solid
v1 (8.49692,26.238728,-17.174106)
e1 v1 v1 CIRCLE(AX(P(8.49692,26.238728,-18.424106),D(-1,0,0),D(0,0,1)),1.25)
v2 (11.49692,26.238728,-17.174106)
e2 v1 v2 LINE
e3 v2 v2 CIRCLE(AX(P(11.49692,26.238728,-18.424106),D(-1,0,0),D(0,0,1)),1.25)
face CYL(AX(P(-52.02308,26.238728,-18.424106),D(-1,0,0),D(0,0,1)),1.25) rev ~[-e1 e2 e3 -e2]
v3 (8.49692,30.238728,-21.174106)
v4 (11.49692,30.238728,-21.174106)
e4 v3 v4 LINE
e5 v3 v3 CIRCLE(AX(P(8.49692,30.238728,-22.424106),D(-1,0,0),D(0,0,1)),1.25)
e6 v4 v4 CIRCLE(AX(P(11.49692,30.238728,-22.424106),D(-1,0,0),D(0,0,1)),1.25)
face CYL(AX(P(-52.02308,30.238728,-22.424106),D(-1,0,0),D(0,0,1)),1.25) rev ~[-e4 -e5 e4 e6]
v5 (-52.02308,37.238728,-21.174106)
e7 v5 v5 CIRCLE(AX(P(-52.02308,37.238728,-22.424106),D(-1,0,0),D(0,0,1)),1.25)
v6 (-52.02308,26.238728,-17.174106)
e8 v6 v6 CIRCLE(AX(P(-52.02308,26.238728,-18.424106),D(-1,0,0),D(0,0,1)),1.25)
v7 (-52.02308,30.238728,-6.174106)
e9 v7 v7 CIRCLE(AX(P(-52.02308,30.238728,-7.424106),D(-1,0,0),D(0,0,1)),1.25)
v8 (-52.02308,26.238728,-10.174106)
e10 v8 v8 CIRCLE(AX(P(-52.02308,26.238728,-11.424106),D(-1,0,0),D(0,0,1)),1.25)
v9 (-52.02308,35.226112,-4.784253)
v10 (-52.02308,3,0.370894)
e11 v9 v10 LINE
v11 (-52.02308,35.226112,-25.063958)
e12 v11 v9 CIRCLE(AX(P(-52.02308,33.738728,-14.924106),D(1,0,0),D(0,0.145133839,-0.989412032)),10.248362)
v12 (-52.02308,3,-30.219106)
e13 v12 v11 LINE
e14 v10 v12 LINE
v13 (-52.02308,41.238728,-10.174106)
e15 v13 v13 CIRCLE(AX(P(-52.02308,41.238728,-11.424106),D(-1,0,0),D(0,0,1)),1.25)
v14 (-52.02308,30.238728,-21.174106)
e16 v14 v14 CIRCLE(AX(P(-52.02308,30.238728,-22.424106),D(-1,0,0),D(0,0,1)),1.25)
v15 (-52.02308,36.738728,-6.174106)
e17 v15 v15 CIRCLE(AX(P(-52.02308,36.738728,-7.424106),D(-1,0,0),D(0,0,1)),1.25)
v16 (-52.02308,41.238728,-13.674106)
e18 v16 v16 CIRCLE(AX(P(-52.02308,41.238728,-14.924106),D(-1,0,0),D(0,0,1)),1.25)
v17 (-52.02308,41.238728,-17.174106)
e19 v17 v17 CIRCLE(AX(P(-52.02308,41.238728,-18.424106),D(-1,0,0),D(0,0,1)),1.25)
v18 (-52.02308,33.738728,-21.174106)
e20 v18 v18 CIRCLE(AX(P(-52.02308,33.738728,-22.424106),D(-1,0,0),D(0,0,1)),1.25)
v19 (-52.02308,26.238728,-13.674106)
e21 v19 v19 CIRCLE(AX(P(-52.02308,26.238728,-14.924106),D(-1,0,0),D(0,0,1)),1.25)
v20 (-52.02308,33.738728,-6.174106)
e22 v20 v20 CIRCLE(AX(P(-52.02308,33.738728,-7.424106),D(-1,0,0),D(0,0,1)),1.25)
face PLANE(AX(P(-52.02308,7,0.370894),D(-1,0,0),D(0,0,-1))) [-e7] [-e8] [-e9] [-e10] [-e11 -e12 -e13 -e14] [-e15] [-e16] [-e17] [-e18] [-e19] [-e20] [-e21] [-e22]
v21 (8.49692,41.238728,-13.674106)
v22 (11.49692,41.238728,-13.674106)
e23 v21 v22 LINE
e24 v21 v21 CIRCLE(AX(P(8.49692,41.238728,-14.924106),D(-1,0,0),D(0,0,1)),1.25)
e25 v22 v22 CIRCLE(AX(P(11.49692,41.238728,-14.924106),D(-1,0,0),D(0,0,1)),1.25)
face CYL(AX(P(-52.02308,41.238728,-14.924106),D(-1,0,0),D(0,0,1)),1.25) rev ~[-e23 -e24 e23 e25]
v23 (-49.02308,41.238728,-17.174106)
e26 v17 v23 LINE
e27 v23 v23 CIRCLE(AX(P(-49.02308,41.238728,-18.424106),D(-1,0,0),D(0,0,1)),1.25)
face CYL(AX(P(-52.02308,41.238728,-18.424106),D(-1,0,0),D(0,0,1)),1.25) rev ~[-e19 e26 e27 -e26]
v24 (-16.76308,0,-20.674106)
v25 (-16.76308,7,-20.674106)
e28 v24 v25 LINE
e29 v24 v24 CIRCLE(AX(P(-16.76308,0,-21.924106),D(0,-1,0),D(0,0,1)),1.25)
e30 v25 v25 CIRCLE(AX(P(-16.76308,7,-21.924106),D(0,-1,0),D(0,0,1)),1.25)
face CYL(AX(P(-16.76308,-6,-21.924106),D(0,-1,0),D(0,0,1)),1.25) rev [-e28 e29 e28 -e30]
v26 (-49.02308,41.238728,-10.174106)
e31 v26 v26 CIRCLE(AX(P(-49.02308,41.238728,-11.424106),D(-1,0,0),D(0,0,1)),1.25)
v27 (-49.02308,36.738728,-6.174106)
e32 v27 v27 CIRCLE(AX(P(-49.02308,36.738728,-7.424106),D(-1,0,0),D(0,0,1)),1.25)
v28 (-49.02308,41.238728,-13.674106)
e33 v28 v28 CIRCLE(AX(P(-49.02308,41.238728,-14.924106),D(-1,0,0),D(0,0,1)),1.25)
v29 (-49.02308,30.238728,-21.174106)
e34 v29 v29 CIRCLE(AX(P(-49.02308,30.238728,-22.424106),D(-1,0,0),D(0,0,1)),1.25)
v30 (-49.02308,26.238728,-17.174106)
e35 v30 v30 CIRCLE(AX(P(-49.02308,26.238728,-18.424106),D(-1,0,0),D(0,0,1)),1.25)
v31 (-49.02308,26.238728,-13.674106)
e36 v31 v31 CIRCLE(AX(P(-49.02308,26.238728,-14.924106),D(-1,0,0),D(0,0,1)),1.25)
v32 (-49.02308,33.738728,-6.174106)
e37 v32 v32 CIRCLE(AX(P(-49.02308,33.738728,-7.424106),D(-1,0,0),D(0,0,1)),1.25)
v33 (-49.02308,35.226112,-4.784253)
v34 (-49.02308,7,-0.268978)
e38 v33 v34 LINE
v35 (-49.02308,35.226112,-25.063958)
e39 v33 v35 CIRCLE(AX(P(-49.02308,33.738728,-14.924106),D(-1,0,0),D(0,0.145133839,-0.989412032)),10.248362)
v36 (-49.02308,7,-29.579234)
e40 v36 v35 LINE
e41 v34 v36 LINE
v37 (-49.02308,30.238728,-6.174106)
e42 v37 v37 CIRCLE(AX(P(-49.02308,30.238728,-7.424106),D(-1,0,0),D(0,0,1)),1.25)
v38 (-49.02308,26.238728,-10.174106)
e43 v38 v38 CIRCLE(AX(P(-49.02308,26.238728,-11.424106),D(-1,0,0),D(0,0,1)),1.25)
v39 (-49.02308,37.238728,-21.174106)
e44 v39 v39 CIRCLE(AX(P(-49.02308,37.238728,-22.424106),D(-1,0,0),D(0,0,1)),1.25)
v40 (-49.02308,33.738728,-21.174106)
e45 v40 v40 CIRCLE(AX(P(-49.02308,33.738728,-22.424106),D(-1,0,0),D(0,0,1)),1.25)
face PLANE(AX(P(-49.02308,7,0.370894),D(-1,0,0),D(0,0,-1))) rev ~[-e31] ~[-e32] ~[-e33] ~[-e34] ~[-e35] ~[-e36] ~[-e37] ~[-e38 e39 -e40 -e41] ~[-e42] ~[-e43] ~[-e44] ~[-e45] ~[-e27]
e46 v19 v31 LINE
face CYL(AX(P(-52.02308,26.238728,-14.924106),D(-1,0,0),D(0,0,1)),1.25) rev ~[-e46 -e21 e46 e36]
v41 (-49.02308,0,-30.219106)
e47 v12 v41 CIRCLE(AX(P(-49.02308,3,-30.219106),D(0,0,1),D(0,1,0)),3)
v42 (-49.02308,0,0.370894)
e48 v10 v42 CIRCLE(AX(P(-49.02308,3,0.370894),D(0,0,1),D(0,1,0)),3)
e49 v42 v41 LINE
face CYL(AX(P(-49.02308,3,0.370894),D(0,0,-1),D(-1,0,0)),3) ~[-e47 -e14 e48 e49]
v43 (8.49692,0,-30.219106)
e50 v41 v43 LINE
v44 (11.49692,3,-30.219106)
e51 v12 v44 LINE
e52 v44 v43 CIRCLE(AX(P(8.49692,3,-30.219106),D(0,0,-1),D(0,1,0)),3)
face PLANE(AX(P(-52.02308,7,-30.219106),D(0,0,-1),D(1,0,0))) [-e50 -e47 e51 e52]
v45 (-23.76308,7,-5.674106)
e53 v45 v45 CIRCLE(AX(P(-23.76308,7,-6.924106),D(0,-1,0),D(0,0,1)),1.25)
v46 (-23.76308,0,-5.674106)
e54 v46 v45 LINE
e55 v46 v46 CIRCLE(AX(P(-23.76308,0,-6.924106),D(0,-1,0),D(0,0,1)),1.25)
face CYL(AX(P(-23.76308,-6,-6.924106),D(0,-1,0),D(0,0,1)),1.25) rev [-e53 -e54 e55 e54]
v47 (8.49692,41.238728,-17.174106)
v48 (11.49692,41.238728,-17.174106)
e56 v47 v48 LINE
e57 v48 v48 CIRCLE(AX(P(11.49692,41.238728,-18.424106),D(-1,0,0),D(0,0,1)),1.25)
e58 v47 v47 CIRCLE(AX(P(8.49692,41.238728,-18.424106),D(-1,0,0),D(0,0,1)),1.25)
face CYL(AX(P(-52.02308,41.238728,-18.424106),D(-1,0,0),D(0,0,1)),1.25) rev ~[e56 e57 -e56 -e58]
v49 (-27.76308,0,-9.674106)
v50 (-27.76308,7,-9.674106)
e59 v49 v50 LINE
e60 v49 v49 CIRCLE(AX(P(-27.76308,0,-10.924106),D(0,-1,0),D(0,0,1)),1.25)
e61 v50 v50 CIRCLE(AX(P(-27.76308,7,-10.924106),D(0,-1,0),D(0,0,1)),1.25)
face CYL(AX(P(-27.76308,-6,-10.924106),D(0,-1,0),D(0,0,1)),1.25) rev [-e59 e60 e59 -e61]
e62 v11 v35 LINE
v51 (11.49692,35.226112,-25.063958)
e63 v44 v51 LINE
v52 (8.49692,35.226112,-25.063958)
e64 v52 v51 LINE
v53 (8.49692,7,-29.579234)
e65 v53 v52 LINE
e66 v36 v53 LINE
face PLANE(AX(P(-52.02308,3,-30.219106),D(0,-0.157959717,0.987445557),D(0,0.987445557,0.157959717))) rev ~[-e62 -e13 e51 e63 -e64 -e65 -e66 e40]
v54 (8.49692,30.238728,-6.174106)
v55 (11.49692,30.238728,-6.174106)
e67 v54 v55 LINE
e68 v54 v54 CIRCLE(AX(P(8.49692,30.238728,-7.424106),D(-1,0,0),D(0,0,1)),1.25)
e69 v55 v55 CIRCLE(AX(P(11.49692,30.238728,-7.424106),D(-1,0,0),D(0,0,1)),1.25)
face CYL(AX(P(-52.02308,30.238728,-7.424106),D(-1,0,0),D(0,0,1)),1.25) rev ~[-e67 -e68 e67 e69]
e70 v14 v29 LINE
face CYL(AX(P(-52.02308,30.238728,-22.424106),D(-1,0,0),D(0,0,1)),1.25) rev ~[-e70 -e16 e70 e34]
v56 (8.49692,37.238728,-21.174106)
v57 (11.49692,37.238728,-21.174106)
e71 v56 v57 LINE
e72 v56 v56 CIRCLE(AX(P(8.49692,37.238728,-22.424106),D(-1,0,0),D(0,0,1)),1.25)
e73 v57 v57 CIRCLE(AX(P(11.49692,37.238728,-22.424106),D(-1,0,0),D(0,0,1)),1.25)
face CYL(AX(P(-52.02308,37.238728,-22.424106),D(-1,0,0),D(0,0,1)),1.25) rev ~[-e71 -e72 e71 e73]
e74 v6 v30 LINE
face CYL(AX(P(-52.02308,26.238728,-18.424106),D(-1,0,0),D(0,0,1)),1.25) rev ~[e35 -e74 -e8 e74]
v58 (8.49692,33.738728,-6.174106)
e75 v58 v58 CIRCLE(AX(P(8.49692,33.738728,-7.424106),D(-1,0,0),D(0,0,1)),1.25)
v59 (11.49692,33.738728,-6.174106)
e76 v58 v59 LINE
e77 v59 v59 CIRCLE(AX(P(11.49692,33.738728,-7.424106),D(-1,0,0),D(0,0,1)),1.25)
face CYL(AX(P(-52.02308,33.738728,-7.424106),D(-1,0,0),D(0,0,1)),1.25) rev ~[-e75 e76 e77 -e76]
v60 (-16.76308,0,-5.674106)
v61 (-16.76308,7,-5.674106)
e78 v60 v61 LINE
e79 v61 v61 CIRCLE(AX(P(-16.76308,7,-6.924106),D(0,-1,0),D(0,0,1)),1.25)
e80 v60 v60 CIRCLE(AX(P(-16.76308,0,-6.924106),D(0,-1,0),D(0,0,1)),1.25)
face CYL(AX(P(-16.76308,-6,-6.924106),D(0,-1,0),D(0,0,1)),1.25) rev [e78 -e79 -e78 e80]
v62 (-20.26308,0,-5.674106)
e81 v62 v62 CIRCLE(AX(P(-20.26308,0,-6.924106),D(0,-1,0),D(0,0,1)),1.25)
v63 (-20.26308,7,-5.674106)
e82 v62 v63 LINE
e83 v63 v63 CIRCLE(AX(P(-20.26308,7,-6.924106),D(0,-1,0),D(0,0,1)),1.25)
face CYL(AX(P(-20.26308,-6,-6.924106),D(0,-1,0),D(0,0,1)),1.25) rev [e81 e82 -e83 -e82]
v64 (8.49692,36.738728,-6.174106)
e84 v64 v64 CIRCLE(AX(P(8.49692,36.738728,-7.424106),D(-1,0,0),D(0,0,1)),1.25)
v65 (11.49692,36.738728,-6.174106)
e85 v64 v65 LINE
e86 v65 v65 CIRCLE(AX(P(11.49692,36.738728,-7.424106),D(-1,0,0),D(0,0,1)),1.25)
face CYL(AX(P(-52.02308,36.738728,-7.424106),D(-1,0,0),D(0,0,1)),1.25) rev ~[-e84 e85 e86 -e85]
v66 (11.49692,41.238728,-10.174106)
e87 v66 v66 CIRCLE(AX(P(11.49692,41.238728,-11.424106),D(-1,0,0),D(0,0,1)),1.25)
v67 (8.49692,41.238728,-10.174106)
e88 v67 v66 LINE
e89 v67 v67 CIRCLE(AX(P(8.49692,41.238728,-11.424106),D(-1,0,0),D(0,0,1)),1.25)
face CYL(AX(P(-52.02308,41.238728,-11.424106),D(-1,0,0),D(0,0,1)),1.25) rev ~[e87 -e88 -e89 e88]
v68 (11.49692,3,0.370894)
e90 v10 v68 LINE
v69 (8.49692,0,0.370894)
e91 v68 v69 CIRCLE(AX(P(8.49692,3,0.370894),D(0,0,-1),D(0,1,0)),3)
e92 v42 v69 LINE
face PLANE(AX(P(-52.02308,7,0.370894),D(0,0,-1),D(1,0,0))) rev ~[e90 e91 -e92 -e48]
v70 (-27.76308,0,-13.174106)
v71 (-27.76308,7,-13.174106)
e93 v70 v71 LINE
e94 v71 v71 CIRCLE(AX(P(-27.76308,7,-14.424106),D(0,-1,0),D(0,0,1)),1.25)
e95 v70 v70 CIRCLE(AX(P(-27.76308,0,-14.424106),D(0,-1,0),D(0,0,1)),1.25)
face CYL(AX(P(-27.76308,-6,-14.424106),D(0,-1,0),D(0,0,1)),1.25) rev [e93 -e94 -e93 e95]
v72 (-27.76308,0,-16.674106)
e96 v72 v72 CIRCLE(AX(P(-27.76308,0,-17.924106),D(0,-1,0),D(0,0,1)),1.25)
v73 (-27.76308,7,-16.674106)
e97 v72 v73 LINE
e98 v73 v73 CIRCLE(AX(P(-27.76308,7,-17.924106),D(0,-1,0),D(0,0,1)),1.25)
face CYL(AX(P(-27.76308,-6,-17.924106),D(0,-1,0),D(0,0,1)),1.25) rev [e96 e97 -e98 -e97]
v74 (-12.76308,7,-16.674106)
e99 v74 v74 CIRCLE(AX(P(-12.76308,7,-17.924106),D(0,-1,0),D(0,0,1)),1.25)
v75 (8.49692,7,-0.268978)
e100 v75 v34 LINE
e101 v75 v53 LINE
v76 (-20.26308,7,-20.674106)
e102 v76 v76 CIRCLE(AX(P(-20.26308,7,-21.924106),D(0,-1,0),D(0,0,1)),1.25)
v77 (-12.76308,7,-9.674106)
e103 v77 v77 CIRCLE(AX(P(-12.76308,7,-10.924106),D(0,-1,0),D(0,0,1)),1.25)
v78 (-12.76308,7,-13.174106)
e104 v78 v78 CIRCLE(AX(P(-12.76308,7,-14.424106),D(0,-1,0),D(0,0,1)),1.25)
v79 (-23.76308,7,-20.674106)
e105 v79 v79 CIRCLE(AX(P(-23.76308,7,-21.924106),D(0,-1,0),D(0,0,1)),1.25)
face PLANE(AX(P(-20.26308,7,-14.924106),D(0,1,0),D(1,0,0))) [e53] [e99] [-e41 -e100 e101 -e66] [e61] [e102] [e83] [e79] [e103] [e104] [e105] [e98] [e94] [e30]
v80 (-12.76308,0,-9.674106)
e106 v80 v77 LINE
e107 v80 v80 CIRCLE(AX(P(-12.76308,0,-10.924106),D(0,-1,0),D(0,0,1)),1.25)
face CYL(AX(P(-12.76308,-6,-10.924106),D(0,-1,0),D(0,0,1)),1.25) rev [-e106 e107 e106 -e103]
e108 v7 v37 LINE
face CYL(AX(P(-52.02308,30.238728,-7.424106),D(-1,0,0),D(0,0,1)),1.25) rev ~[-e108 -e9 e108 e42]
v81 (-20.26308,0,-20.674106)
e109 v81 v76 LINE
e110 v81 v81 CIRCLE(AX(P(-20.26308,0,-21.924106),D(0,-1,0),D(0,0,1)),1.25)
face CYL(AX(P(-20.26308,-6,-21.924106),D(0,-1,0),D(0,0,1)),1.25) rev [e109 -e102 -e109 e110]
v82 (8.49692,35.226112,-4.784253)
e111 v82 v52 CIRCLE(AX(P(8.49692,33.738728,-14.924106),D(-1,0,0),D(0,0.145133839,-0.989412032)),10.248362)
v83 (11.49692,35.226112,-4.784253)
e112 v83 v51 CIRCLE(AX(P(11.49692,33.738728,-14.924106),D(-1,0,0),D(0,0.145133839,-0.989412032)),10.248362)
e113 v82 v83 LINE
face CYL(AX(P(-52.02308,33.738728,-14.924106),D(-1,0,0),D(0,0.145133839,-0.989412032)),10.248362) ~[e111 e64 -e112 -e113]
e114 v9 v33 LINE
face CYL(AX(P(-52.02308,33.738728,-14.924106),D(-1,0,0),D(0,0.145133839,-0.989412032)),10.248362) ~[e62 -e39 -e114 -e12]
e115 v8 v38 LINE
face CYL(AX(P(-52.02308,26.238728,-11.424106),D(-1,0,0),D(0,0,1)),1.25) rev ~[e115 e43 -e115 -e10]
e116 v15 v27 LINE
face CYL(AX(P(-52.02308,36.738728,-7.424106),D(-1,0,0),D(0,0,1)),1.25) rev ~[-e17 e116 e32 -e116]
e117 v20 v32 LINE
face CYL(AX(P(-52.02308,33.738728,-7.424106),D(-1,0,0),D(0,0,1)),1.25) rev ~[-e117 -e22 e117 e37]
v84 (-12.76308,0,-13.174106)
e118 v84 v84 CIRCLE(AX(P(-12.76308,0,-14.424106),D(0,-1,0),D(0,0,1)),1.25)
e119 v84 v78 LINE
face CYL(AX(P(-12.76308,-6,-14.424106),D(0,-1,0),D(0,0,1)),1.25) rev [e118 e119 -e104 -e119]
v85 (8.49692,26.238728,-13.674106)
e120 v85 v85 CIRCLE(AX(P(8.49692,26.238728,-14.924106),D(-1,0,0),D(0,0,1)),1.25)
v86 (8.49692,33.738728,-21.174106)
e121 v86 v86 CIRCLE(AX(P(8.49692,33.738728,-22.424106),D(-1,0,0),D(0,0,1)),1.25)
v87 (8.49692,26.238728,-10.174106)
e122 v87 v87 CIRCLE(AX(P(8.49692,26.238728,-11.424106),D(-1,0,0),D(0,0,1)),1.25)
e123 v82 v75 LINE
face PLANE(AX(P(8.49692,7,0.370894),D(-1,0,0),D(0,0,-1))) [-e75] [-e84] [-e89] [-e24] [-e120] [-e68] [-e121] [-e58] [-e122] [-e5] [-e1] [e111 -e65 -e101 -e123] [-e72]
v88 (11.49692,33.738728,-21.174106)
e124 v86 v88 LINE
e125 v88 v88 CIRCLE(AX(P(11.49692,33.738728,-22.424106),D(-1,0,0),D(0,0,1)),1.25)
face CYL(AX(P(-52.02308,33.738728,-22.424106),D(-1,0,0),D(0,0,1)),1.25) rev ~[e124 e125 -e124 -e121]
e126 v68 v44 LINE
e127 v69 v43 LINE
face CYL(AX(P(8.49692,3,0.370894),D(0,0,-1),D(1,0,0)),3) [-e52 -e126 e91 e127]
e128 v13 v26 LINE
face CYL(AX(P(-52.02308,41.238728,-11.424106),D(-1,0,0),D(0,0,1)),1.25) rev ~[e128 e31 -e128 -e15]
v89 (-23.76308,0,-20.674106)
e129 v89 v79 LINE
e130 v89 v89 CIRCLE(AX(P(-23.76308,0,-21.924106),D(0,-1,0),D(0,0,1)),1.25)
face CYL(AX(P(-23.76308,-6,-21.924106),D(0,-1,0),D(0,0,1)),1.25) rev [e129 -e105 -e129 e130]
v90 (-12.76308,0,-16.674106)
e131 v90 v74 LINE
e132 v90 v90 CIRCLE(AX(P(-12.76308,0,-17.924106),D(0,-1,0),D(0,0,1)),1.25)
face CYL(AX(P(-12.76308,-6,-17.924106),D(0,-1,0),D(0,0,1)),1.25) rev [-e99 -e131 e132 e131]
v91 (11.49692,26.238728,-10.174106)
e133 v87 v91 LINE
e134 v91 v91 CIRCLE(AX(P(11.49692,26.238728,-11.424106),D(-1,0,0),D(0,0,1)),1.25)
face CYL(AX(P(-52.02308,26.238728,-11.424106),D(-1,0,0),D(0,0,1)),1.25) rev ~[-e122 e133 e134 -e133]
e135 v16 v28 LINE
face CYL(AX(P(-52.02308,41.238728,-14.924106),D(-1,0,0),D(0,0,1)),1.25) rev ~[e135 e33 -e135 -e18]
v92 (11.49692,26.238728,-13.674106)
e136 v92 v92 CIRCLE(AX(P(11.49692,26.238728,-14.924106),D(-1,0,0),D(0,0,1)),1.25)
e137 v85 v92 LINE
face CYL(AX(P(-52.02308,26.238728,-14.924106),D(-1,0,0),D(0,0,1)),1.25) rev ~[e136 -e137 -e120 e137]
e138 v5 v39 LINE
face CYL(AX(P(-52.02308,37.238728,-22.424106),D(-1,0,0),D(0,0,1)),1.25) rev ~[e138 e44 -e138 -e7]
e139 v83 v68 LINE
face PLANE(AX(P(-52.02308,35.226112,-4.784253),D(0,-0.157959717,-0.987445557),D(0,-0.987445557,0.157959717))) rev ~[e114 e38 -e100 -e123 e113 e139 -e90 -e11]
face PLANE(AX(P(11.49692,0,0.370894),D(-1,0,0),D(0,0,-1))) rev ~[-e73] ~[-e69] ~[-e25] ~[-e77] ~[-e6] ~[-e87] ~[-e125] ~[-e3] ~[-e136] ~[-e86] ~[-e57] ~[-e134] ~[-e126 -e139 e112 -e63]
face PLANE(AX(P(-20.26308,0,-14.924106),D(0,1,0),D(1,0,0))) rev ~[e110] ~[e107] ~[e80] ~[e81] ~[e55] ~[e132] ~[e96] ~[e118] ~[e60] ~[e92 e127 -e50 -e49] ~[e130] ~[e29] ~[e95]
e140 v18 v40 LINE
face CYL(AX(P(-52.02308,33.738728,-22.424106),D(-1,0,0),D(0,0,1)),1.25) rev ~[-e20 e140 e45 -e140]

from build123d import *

# Parameters (mm, degrees)
SKETCH2_W               = 63.52
SKETCH2_H               = 30.59
BOSS_EXTRUDE1_DEPTH     = 7
SKETCH3_W               = 3
SKETCH3_H               = 30.59
BOSS_EXTRUDE2_DEPTH     = 40
FILLET2_R               = 3
SKETCH4_R               = 1.25
CUT_EXTRUDE2_DEPTH      = 70
CUT_EXTRUDE4_DEPTH      = 20
CUT_EXTRUDE4_DEPTH_BACK = 6
SKETCH7_R               = 1.25


with BuildPart() as part:
    # Sketch2 → Boss-Extrude1 (new body)
    with BuildSketch(Plane(origin=(0, 0, 0), x_dir=(1, 0, 0), z_dir=(0, 1, 0))):
        with Locations((-20.26308022, 14.924105874)):
            Rectangle(SKETCH2_W, SKETCH2_H)
    extrude(amount=BOSS_EXTRUDE1_DEPTH)

    # Sketch3 → Boss-Extrude2 (add)
    with BuildSketch(Plane(origin=(0, 7, 0), x_dir=(1, 0, 0), z_dir=(0, 1, 0))):
        with Locations((-50.52308022, 14.924105874)):
            Rectangle(SKETCH3_W, SKETCH3_H)
        with Locations((9.99691978, 14.924105874)):
            Rectangle(SKETCH3_W, SKETCH3_H)
    extrude(amount=BOSS_EXTRUDE2_DEPTH)

    # Fillet2
    fillet2_edges = [part.edges().sort_by_distance(p)[0] for p in [
        (11.49691978, 0, -14.924105874),
        (-52.02308022, 0, -14.924105874),
    ]]
    fillet(fillet2_edges, radius=FILLET2_R)

    # Sketch4 → Cut-Extrude2 (cut)
    with BuildSketch(Plane.ZY.offset(52.02308022)):
        with BuildLine():
            Line((-30.219105874, 47), (-30.219105874, 3))
            Line((-30.219105874, 3), (-25.063958288, 35.226112217))
            ThreePointArc((-25.063958288, 35.226112217), (-14.924105874, 43.987089872), (-4.784253461, 35.226112217))
            Line((-4.784253461, 35.226112217), (0.370894126, 3))
            Line((0.370894126, 3), (0.370894126, 47))
            Line((0.370894126, 47), (-30.219105874, 47))
        make_face()
        with Locations((-7.424105874, 33.73872813)):
            Circle(SKETCH4_R)
        with Locations((-7.424105874, 30.23872813)):
            Circle(SKETCH4_R)
        with Locations((-7.424105874, 36.73872813)):
            Circle(SKETCH4_R)
        with Locations((-14.924105874, 26.23872813)):
            Circle(SKETCH4_R)
        with Locations((-11.424105874, 26.23872813)):
            Circle(SKETCH4_R)
        with Locations((-18.424105874, 26.23872813)):
            Circle(SKETCH4_R)
        with Locations((-22.424105874, 33.73872813)):
            Circle(SKETCH4_R)
        with Locations((-22.424105874, 37.23872813)):
            Circle(SKETCH4_R)
        with Locations((-22.424105874, 30.23872813)):
            Circle(SKETCH4_R)
        with Locations((-11.424105874, 41.23872813)):
            Circle(SKETCH4_R)
        with Locations((-18.424105874, 41.23872813)):
            Circle(SKETCH4_R)
        with Locations((-14.924105874, 41.23872813)):
            Circle(SKETCH4_R)
    extrude(amount=-CUT_EXTRUDE2_DEPTH, mode=Mode.SUBTRACT)

    # Sketch7 → Cut-Extrude4 (cut, two sides: drawn at the far end of the back side and taken through both)
    with BuildSketch(Plane(origin=(0, 0, 0), x_dir=(1, 0, 0), z_dir=(0, 1, 0)).offset(-CUT_EXTRUDE4_DEPTH_BACK)):
        with Locations(Location((-20.263080223, 21.924105874, 0), (0, 0, 270))):
            Circle(SKETCH7_R)
        with Locations(Location((-20.263080223, 6.924105874, 0), (0, 0, 270))):
            Circle(SKETCH7_R)
        with Locations(Location((-12.763080223, 14.424105874, 0), (0, 0, 270))):
            Circle(SKETCH7_R)
        with Locations(Location((-27.763080223, 14.424105874, 0), (0, 0, 270))):
            Circle(SKETCH7_R)
        with Locations(Location((-12.763080223, 17.924105874, 0), (0, 0, 270))):
            Circle(SKETCH7_R)
        with Locations(Location((-12.763080223, 10.924105874, 0), (0, 0, 270))):
            Circle(SKETCH7_R)
        with Locations(Location((-16.763080223, 6.924105874, 0), (0, 0, 270))):
            Circle(SKETCH7_R)
        with Locations(Location((-23.763080223, 6.924105874, 0), (0, 0, 270))):
            Circle(SKETCH7_R)
        with Locations(Location((-16.763080223, 21.924105874, 0), (0, 0, 270))):
            Circle(SKETCH7_R)
        with Locations(Location((-23.763080223, 21.924105874, 0), (0, 0, 270))):
            Circle(SKETCH7_R)
        with Locations(Location((-27.763080223, 17.924105874, 0), (0, 0, 270))):
            Circle(SKETCH7_R)
        with Locations(Location((-27.763080223, 10.924105874, 0), (0, 0, 270))):
            Circle(SKETCH7_R)
    extrude(amount=CUT_EXTRUDE4_DEPTH + CUT_EXTRUDE4_DEPTH_BACK, mode=Mode.SUBTRACT)


solid = part.part
